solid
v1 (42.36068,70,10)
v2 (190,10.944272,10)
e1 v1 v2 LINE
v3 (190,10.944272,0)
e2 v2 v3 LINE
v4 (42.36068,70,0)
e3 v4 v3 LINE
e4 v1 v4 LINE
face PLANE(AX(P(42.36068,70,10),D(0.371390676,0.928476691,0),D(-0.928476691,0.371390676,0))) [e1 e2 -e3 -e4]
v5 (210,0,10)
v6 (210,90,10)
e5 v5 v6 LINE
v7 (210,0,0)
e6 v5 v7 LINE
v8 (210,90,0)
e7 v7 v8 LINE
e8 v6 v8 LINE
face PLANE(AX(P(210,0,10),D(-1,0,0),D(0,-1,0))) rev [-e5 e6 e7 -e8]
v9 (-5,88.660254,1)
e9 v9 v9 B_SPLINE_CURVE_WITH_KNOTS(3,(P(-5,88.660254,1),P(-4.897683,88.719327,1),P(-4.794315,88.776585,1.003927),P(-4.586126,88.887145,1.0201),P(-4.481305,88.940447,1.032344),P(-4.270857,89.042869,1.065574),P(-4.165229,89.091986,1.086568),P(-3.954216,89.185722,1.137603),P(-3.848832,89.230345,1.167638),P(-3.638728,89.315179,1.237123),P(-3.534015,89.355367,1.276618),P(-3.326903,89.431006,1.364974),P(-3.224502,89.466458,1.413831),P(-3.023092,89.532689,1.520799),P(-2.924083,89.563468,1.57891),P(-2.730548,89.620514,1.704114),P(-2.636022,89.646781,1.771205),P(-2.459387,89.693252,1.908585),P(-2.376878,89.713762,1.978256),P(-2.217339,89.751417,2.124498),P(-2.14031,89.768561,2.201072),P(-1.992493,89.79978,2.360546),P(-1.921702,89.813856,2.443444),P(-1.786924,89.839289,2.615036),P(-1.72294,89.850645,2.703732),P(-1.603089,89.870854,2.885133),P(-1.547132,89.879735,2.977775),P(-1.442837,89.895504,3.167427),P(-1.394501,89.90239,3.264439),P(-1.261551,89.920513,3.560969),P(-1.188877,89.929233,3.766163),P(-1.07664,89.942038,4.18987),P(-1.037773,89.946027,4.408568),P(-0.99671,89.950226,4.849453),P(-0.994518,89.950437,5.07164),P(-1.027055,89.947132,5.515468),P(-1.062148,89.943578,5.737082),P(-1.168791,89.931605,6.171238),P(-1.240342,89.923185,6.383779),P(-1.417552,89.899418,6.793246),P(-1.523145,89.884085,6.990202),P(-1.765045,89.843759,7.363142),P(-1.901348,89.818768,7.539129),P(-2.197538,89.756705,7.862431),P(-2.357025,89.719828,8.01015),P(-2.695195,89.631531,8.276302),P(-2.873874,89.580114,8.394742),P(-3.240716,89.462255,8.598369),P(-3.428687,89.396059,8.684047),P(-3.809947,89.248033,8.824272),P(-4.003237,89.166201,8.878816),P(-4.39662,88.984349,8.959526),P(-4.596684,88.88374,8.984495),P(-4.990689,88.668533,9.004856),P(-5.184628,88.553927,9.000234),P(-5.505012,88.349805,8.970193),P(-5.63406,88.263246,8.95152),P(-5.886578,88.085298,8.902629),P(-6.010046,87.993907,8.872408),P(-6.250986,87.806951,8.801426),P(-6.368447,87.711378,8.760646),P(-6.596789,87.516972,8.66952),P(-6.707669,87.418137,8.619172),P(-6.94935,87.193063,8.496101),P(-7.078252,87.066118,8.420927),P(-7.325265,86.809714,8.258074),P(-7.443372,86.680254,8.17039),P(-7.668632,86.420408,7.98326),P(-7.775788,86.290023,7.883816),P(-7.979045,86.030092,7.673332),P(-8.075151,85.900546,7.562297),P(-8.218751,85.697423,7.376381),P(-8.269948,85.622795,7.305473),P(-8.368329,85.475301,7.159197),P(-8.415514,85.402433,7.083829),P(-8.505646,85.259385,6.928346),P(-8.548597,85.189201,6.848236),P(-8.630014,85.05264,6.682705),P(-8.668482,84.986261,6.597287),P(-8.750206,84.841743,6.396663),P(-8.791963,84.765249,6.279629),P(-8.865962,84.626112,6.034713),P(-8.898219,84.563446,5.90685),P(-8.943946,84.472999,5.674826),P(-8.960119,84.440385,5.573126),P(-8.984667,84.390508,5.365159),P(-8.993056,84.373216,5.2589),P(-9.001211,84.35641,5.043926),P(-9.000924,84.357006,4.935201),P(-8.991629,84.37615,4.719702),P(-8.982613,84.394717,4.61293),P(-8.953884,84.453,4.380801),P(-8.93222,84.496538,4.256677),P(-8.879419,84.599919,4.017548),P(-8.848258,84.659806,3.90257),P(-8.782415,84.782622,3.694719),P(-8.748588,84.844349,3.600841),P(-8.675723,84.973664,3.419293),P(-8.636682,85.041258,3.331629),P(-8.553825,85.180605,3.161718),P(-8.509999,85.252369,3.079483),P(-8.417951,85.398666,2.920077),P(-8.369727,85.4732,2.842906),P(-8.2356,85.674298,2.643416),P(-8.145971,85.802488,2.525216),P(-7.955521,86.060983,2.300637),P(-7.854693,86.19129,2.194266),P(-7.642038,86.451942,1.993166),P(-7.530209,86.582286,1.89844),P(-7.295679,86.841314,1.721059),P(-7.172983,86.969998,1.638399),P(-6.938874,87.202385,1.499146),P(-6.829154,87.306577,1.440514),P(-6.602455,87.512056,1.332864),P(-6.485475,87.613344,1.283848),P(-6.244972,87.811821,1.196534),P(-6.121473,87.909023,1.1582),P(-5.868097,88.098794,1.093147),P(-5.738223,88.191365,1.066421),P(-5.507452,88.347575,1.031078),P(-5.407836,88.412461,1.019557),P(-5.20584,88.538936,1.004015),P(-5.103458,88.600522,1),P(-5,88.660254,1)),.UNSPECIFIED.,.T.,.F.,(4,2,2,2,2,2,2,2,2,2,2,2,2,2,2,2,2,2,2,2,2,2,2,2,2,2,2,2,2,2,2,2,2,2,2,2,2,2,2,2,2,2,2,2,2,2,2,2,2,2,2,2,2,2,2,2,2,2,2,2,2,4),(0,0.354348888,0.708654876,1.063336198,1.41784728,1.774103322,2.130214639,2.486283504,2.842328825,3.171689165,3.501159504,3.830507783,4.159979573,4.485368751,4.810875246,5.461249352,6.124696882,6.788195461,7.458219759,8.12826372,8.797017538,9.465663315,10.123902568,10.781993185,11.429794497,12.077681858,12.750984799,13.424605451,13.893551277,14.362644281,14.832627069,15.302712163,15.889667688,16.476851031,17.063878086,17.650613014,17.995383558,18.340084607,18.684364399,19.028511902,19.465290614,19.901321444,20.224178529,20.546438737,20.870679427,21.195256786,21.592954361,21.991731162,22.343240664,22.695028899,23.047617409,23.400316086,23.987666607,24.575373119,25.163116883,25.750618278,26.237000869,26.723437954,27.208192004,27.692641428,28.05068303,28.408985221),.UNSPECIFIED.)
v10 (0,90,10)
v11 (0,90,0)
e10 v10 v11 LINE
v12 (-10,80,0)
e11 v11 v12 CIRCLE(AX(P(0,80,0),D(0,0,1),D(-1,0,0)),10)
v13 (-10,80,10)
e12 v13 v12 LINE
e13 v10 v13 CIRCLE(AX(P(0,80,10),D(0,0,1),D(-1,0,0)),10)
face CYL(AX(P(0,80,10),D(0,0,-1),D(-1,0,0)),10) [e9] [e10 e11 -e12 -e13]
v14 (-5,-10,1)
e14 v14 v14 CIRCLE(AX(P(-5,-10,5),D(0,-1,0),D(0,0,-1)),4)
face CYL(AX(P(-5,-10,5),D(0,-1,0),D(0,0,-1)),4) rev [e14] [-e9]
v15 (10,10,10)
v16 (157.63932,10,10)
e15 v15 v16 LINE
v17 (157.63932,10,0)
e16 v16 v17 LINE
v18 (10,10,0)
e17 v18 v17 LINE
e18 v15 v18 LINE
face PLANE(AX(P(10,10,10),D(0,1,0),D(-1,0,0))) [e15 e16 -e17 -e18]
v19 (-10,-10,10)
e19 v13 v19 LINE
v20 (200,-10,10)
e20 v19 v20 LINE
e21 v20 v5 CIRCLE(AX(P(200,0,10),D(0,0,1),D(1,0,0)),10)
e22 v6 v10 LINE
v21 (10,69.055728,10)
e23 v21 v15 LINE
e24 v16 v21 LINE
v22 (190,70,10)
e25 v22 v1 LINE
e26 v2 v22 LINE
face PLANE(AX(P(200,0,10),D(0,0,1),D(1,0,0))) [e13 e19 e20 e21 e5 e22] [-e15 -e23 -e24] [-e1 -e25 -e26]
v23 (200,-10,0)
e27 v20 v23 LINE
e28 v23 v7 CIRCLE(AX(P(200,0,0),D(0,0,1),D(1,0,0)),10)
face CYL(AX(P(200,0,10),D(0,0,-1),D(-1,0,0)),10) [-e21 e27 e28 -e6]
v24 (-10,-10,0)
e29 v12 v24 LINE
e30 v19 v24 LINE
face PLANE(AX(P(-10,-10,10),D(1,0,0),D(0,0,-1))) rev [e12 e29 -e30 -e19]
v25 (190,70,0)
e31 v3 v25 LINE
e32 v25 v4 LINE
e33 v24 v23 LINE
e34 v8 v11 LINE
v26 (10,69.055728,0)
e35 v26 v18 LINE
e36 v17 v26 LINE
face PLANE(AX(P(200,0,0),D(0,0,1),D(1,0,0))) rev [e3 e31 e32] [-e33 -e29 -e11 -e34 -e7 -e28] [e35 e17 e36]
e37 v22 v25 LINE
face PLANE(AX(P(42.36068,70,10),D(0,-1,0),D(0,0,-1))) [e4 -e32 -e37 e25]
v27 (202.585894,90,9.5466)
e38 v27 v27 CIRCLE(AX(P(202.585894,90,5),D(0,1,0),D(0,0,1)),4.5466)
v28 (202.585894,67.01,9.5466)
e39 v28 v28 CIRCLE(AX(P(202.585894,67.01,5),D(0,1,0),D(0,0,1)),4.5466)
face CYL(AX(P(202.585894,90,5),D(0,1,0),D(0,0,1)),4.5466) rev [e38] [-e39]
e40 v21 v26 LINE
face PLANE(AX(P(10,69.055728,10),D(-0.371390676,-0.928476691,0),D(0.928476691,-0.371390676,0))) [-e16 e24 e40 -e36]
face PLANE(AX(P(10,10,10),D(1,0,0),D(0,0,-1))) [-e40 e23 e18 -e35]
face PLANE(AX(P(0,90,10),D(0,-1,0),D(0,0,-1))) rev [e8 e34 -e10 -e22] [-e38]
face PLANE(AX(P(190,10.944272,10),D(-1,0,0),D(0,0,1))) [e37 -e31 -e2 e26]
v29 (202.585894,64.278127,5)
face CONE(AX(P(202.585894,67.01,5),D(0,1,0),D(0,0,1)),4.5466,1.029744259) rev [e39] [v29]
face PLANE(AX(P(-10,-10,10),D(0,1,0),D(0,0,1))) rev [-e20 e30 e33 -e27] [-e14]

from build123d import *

# Parameters (mm, degrees)
BOSS_EXTRUDE1_DEPTH              = 10
F_8_0_8_DIAMETER_HOLE1_D         = 8
F_1_8_27_NPSM_TAPPED_HOLE1_D     = 9.0932
F_1_8_27_NPSM_TAPPED_HOLE1_DEPTH = 22.99
F_1_8_27_NPSM_TAPPED_HOLE1_TIP   = 2.73187289


with BuildPart() as part:
    # Sketch1 → Boss-Extrude1 (new body)
    with BuildSketch(Plane.XY):
        with BuildLine():
            Line((-10, -10), (-10, 80))
            ThreePointArc((-10, 80), (-7.071067812, 87.071067812), (0, 90))
            Line((0, 90), (210, 90))
            Line((210, 90), (210, 0))
            ThreePointArc((210, 0), (207.071067812, -7.071067812), (200, -10))
            Line((200, -10), (-10, -10))
        make_face()
        Polygon((42.360679775, 70), (190, 70), (190, 10.94427191), align=None, mode=Mode.SUBTRACT)
        Polygon((10, 10), (10, 69.05572809), (157.639320225, 10), align=None, mode=Mode.SUBTRACT)
    extrude(amount=BOSS_EXTRUDE1_DEPTH)

    # Ø8.0 (8) Diameter Hole1 (through all)
    with Locations(Plane(origin=(0, -10, 0), x_dir=(-1, 0, 0), z_dir=(0, -1, 0))):
        with Locations((5, -5)):
            Hole(F_8_0_8_DIAMETER_HOLE1_D / 2)

    # 1/8-27 NPSM Tapped Hole1
    with Locations(Plane(origin=(0, 90, 0), x_dir=(1, 0, 0), z_dir=(0, 1, 0))):
        with Locations((202.585893874, -5)):
            Hole(F_1_8_27_NPSM_TAPPED_HOLE1_D / 2, depth=F_1_8_27_NPSM_TAPPED_HOLE1_DEPTH)
            with Locations((0, 0, -(F_1_8_27_NPSM_TAPPED_HOLE1_DEPTH + F_1_8_27_NPSM_TAPPED_HOLE1_TIP / 2))):  # 118° drill point
                Cone(0, F_1_8_27_NPSM_TAPPED_HOLE1_D / 2, F_1_8_27_NPSM_TAPPED_HOLE1_TIP, mode=Mode.SUBTRACT)


solid = part.part
